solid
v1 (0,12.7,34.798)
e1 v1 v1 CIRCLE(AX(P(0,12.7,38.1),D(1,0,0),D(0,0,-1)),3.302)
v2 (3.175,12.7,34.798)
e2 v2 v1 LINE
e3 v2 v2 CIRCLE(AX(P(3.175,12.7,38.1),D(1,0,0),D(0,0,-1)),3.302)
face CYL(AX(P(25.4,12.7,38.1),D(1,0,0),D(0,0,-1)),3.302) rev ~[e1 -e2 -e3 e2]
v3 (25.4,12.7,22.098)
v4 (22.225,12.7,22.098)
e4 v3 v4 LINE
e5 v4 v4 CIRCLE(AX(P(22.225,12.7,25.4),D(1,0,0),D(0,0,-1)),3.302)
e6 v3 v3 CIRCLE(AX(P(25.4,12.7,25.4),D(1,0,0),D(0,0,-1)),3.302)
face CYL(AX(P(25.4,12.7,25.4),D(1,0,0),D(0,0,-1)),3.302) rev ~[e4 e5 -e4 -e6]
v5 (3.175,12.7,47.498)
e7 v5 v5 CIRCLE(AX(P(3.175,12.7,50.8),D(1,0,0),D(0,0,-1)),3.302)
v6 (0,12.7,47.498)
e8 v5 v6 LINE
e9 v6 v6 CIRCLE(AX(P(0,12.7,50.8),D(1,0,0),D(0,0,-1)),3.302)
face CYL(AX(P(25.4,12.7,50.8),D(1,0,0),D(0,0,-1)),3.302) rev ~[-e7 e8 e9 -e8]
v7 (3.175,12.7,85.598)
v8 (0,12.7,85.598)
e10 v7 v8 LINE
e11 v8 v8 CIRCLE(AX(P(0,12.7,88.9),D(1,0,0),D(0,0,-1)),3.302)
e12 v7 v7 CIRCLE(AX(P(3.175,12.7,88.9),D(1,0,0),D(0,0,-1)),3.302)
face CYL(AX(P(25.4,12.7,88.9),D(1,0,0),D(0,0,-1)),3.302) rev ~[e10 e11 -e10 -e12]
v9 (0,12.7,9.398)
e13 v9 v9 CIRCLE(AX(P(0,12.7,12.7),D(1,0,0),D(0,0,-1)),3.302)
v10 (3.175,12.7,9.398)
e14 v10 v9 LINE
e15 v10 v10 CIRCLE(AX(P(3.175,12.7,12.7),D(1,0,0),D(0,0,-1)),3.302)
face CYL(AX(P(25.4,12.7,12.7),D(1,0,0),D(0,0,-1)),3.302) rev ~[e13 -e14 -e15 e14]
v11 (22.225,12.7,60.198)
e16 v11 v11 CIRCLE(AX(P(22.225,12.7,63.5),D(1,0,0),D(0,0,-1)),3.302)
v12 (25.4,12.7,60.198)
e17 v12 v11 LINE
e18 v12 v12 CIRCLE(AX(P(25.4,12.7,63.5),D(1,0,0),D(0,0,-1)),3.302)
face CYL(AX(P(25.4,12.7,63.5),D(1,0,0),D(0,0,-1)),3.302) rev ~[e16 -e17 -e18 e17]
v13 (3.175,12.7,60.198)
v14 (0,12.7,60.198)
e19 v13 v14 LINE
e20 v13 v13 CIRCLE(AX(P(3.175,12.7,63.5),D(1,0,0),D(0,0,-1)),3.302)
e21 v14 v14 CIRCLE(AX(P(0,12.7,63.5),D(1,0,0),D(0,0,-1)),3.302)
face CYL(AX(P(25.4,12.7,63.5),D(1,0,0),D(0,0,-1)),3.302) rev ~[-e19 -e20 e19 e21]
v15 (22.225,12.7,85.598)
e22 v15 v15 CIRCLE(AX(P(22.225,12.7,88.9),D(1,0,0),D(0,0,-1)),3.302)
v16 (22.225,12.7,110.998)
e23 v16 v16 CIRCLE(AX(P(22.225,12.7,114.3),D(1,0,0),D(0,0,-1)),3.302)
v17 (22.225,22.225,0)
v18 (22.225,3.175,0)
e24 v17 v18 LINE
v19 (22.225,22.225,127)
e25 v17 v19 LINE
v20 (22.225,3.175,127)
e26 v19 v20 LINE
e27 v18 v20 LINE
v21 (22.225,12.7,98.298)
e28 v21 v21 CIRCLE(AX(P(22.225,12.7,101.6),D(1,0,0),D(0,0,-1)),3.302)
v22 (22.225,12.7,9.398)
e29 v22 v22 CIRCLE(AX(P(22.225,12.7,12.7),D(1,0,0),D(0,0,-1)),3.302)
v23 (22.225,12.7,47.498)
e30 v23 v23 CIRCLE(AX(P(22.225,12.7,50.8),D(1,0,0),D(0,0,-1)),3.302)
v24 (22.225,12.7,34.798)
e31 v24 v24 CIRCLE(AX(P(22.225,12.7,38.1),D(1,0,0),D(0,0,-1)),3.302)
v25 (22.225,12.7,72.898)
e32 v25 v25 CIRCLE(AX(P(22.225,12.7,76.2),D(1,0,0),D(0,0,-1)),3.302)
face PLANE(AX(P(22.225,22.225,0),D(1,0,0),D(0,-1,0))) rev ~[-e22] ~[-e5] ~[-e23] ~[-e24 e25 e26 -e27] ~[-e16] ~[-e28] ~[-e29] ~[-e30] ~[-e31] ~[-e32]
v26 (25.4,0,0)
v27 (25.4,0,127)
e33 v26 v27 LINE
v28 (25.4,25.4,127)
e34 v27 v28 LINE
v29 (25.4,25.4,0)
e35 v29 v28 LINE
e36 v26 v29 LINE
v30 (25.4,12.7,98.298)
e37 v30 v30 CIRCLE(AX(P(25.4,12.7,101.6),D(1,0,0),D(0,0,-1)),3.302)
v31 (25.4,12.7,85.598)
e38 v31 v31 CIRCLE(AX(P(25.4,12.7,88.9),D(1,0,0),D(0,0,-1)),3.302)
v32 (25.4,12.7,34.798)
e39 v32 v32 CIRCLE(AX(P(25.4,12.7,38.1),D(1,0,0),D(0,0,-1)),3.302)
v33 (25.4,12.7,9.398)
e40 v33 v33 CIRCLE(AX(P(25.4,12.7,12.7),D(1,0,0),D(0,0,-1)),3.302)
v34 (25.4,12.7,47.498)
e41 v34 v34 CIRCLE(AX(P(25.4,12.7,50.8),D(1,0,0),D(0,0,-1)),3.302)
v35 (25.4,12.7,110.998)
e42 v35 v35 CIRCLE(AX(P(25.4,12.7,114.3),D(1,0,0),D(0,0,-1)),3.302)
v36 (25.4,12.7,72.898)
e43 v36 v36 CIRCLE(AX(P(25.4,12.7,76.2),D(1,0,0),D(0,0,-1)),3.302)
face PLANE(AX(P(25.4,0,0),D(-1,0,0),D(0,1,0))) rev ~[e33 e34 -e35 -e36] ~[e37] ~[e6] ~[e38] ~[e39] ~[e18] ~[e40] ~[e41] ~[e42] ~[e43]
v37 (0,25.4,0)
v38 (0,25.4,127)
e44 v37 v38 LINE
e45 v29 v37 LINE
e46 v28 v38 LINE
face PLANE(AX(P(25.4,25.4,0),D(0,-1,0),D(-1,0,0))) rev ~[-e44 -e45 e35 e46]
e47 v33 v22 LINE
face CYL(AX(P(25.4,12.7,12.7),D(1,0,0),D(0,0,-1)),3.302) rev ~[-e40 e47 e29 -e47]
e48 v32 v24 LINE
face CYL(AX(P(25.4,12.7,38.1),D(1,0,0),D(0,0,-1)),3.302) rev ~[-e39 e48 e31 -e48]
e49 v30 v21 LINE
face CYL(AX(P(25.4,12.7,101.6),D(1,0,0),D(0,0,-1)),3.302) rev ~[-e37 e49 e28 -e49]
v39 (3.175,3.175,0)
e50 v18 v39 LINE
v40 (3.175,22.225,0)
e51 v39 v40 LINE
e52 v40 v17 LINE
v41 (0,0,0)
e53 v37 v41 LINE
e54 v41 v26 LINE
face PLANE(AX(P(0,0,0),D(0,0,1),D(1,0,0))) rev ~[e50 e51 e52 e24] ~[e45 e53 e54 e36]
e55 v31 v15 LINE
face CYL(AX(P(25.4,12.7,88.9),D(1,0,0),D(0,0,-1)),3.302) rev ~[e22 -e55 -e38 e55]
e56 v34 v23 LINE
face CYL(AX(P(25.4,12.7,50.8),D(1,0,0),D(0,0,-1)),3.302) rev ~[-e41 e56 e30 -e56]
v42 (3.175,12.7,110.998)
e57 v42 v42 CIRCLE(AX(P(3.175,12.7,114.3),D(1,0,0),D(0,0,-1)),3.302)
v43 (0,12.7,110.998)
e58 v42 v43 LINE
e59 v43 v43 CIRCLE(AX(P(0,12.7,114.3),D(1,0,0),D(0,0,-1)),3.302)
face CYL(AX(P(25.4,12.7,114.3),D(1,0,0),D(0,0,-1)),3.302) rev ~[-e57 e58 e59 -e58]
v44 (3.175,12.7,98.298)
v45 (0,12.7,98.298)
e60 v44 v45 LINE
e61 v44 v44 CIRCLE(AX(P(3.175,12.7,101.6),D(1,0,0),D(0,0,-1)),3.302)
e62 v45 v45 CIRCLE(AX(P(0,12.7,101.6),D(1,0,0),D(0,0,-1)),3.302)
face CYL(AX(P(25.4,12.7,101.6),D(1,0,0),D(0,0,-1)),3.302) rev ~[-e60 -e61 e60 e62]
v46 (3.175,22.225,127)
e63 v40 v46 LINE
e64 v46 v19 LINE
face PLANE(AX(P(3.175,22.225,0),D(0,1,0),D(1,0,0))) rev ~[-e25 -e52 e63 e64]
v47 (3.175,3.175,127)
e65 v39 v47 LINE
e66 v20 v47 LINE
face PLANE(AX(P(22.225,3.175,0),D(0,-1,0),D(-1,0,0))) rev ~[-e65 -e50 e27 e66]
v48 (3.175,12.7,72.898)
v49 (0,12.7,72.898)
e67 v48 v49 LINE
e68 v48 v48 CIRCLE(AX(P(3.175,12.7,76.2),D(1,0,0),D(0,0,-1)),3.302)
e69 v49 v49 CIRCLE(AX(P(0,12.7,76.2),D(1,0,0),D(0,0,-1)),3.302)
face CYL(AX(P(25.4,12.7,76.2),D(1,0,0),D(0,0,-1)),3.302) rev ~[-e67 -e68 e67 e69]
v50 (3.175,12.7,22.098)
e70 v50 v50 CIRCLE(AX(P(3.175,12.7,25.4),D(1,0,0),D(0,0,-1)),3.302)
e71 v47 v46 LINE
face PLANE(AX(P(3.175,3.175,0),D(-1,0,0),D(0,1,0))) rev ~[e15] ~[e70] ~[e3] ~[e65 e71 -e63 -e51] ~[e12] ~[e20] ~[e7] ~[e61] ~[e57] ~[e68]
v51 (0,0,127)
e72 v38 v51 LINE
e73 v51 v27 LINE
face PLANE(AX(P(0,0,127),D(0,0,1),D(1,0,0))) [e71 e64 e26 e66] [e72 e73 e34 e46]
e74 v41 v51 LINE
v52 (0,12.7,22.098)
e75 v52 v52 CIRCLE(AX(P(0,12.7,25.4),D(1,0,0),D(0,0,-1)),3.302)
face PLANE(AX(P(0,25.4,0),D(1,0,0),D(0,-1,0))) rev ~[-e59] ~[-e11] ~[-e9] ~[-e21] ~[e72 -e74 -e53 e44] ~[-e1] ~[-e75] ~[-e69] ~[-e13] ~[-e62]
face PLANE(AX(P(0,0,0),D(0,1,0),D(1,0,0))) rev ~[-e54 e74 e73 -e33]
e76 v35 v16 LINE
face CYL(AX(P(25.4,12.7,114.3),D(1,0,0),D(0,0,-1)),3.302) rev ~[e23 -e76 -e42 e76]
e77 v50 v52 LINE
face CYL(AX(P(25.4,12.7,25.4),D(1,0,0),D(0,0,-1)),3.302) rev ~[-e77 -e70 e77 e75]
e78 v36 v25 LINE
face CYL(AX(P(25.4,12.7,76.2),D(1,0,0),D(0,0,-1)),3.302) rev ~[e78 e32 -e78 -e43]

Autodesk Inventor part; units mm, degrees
ref_plane "YZ Plane" through (0, 0, 0) normal (1, 0, 0) x (0, 1, 0)
ref_plane "XZ Plane" through (0, 0, 0) normal (0, 1, 0) x (-1, 0, 0)
ref_plane "XY Plane" through (0, 0, 0) normal (0, 0, 1) x (1, 0, 0)
sketch "Sketch1" plane through (0, 0, 0) normal (0, 0, 1) x (1, 0, 0)
  line L0 (0, 0) -> (25.4, 0)
  line L1 (25.4, 0) -> (25.4, 25.4)
  line L2 (25.4, 25.4) -> (0, 25.4)
  line L3 (0, 25.4) -> (0, 0)
  line L4 (3.175, 22.225) -> (22.225, 22.225)
  line L5 (22.225, 22.225) -> (22.225, 3.175)
  line L6 (22.225, 3.175) -> (3.175, 3.175)
  line L7 (3.175, 3.175) -> (3.175, 22.225)
  dimension "d0" = 25.4
  dimension "d1" = 25.4
  dimension "d2" = 3.175
extrude "Extrusion1" add sketch "Sketch1" along normal blind 127
sketch "Sketch2" plane through (25.4, 0, 0) normal (1, 0, 0) x (0, 0, -1)
  line L0 (0, 0) -> (0, 25.4) projected
  line L1 (-127, 0) -> (-127, 25.4) projected
  line L2 (0, 0) -> (-127, 0) projected
  line L3 (-127, 12.7) -> (-114.3, 12.7) construction
  line L4 (0, 12.7) -> (-12.7, 12.7) construction
  circle A0 centre (-114.3, 12.7) radius 3.302
  line L5 (0, 25.4) -> (-127, 25.4) projected
  line L6 (-114.3, 12.7) -> (-12.7, 12.7) construction
  circle A1 centre (-101.6, 12.7) radius 3.302
  circle A2 centre (-88.9, 12.7) radius 3.302
  circle A3 centre (-76.2, 12.7) radius 3.302
  circle A4 centre (-63.5, 12.7) radius 3.302
  circle A5 centre (-50.8, 12.7) radius 3.302
  circle A6 centre (-38.1, 12.7) radius 3.302
  circle A7 centre (-25.4, 12.7) radius 3.302
  circle A8 centre (-12.7, 12.7) radius 3.302
  dimension "d5" = 12.7
  dimension "d7" = 6.604
  dimension "d13" = 127
  dimension "d16" = 12.7
extrude "Extrusion2" cut sketch "Sketch2" against normal through all contours A0 | A1 | A2 | A3 | A4 | A5 | A6 | A7 | A8
equation "\"d16\" = -0.25 * d5 + 0.125 * d13"
properties part number "Chassis V1.500 Part8" material "Aluminum 6061"
